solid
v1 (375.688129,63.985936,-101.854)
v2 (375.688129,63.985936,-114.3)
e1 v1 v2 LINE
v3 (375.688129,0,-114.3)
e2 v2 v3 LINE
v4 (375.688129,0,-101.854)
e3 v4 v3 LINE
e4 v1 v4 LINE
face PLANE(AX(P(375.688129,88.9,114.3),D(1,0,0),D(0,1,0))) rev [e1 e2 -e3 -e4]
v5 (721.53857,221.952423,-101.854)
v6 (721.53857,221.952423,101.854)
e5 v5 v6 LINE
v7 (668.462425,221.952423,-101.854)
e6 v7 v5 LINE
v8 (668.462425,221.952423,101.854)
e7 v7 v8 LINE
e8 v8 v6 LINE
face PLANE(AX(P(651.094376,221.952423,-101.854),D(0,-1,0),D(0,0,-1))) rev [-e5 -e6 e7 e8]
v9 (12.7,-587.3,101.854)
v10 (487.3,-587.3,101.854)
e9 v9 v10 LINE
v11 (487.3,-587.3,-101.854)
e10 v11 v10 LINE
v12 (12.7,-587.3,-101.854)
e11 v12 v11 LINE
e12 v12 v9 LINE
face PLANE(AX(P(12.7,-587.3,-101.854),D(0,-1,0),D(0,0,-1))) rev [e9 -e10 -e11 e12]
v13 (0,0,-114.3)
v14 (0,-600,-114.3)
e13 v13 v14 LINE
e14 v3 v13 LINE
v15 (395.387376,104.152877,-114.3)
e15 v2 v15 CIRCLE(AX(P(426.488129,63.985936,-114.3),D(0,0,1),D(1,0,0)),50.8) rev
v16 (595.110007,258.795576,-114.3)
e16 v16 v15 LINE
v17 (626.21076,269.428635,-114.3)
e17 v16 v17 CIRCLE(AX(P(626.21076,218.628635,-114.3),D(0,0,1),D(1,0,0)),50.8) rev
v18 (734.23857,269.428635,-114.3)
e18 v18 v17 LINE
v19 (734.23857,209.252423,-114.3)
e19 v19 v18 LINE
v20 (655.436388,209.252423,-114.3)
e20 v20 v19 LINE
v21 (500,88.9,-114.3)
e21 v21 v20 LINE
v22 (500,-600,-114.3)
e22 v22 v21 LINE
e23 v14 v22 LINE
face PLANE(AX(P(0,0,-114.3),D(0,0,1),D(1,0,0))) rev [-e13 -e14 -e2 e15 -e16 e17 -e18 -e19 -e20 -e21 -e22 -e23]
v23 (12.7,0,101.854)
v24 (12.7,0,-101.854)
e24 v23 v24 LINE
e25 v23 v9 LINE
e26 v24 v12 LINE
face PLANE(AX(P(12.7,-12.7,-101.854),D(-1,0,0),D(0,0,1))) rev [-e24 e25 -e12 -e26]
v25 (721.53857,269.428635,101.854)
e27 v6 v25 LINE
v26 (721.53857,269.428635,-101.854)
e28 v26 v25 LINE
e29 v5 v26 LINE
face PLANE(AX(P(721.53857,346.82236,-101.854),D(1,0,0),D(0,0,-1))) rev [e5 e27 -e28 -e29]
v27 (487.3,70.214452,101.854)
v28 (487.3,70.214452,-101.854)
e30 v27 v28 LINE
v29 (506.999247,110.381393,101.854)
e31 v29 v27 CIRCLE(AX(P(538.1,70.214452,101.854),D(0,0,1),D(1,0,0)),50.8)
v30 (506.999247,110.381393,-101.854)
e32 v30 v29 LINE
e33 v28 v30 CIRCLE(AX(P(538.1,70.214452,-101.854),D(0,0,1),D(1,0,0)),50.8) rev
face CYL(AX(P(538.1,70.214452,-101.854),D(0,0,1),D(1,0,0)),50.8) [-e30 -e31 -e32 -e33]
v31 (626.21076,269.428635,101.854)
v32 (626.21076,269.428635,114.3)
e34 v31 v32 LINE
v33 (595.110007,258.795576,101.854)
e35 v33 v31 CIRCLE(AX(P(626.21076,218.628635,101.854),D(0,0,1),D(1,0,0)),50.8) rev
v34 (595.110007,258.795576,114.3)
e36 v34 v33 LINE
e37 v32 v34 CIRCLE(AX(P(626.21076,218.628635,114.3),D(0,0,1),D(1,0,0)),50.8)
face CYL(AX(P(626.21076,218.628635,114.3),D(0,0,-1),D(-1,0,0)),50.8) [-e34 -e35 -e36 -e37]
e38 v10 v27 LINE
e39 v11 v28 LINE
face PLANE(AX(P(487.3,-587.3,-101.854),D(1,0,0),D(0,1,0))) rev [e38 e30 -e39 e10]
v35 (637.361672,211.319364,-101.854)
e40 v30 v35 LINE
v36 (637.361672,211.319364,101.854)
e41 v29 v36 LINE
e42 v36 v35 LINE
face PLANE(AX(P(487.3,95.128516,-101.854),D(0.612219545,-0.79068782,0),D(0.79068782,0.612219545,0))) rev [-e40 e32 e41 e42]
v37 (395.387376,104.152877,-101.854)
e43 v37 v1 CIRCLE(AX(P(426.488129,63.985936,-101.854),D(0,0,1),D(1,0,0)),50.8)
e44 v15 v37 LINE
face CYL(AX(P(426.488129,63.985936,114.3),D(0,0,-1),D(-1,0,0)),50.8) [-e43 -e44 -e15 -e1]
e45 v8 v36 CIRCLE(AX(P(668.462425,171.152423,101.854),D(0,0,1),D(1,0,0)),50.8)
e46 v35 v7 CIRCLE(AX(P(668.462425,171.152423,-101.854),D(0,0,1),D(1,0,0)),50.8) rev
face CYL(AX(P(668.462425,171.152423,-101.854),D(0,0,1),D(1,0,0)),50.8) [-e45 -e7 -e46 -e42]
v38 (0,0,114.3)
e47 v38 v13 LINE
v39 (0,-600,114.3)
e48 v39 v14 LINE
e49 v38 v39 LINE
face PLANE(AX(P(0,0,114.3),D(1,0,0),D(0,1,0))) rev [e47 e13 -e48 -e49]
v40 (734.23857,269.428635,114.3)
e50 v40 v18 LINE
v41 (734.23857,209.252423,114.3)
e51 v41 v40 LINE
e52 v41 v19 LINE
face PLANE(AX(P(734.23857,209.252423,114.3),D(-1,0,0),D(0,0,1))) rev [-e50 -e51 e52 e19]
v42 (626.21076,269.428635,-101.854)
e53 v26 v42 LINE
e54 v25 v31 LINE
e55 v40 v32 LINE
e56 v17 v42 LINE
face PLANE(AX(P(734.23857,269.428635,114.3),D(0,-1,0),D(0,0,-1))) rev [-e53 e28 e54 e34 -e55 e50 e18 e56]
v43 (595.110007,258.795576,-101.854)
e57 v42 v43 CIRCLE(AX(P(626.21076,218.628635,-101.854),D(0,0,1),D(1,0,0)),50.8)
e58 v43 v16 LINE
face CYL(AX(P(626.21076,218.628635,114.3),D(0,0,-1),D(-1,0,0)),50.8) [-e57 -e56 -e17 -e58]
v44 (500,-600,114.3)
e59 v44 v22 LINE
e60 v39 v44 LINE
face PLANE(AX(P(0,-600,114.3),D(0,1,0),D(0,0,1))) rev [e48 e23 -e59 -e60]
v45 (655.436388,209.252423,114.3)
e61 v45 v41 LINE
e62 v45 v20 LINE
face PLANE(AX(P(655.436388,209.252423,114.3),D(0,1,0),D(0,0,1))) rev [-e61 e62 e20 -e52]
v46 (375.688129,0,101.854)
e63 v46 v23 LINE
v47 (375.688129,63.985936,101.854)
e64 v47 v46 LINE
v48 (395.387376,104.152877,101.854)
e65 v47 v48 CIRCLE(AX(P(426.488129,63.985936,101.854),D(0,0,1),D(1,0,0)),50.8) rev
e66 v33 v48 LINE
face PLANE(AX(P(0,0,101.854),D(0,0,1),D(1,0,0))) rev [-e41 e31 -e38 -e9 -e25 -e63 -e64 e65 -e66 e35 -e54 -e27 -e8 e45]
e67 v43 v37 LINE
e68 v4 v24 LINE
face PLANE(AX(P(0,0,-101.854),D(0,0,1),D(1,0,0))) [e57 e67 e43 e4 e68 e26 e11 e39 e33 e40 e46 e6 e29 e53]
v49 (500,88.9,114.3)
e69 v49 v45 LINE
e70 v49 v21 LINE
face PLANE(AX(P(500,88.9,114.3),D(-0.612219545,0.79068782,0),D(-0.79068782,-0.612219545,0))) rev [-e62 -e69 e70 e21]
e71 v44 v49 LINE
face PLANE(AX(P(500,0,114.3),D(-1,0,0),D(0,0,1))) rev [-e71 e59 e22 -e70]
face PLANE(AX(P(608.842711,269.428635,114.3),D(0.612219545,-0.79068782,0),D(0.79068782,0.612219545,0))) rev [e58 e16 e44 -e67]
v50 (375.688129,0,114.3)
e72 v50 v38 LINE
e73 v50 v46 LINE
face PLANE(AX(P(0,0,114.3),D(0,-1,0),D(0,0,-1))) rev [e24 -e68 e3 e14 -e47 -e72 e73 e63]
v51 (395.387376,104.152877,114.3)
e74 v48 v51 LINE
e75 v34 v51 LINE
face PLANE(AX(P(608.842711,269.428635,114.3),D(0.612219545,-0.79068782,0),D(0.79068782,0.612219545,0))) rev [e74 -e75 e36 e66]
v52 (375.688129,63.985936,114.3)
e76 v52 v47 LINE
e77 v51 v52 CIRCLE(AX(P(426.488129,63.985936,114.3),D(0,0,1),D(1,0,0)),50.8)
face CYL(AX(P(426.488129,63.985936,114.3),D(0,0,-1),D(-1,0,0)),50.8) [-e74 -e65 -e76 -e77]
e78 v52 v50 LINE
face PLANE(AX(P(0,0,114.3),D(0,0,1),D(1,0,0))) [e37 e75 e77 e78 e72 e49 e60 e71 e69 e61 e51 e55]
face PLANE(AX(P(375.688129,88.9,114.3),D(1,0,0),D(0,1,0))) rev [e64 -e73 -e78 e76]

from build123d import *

# Parameters (mm, degrees)
EXTRUDE_1_DEPTH     = 114.3
CUT_EXTRUDE_1_DEPTH = 101.854
FILLET_2_R          = 50.8
FILLET_3_R          = 50.8
FILLET_4_R          = 50.8
FILLET_5_R          = 50.8


with BuildPart() as part:
    # 草图1 → 凸台-拉伸1 (new, symmetric)
    with BuildSketch(Plane.XY):
        Polygon((500, 0), (500, 88.9), (655.436388473, 209.252423204), (734.238570332, 209.252423204), (734.238570332, 269.428634805), (608.842711428, 269.428634805), (375.688128719, 88.9), (375.688128719, 0), (0, 0), (0, -600), (500, -600), align=None)
    extrude(amount=EXTRUDE_1_DEPTH, both=True)

    # 草图2 → 切除-拉伸1 (cut, symmetric)
    with BuildSketch(Plane.XY):
        Polygon((12.7, -12.7), (12.7, 37.178760919), (353.872470169, 37.178760919), (353.872470169, 355.973839439), (721.538570332, 346.822359749), (721.538570332, 256.728634805), (721.538570332, 221.952423204), (651.094376347, 221.952423204), (487.3, 95.128516047), (487.3, -587.3), (12.7, -587.3), align=None)
    extrude(amount=CUT_EXTRUDE_1_DEPTH, both=True, mode=Mode.SUBTRACT)

    # 圆角2
    fillet_2_edges = [part.edges().sort_by_distance(p)[0] for p in [
        (487.3, 95.128516047, 0),
    ]]
    fillet(fillet_2_edges, radius=FILLET_2_R)

    # 圆角3
    fillet_3_edges = [part.edges().sort_by_distance(p)[0] for p in [
        (651.094376347, 221.952423204, 0),
    ]]
    fillet(fillet_3_edges, radius=FILLET_3_R)

    # 圆角4
    fillet_4_edges = [part.edges().sort_by_distance(p)[0] for p in [
        (608.842711428, 269.428634805, 108.077),
        (608.842711428, 269.428634805, -108.077),
    ]]
    fillet(fillet_4_edges, radius=FILLET_4_R)

    # 圆角5
    fillet_5_edges = [part.edges().sort_by_distance(p)[0] for p in [
        (375.688128719, 88.9, 108.077),
        (375.688128719, 88.9, -108.077),
    ]]
    fillet(fillet_5_edges, radius=FILLET_5_R)


solid = part.part
